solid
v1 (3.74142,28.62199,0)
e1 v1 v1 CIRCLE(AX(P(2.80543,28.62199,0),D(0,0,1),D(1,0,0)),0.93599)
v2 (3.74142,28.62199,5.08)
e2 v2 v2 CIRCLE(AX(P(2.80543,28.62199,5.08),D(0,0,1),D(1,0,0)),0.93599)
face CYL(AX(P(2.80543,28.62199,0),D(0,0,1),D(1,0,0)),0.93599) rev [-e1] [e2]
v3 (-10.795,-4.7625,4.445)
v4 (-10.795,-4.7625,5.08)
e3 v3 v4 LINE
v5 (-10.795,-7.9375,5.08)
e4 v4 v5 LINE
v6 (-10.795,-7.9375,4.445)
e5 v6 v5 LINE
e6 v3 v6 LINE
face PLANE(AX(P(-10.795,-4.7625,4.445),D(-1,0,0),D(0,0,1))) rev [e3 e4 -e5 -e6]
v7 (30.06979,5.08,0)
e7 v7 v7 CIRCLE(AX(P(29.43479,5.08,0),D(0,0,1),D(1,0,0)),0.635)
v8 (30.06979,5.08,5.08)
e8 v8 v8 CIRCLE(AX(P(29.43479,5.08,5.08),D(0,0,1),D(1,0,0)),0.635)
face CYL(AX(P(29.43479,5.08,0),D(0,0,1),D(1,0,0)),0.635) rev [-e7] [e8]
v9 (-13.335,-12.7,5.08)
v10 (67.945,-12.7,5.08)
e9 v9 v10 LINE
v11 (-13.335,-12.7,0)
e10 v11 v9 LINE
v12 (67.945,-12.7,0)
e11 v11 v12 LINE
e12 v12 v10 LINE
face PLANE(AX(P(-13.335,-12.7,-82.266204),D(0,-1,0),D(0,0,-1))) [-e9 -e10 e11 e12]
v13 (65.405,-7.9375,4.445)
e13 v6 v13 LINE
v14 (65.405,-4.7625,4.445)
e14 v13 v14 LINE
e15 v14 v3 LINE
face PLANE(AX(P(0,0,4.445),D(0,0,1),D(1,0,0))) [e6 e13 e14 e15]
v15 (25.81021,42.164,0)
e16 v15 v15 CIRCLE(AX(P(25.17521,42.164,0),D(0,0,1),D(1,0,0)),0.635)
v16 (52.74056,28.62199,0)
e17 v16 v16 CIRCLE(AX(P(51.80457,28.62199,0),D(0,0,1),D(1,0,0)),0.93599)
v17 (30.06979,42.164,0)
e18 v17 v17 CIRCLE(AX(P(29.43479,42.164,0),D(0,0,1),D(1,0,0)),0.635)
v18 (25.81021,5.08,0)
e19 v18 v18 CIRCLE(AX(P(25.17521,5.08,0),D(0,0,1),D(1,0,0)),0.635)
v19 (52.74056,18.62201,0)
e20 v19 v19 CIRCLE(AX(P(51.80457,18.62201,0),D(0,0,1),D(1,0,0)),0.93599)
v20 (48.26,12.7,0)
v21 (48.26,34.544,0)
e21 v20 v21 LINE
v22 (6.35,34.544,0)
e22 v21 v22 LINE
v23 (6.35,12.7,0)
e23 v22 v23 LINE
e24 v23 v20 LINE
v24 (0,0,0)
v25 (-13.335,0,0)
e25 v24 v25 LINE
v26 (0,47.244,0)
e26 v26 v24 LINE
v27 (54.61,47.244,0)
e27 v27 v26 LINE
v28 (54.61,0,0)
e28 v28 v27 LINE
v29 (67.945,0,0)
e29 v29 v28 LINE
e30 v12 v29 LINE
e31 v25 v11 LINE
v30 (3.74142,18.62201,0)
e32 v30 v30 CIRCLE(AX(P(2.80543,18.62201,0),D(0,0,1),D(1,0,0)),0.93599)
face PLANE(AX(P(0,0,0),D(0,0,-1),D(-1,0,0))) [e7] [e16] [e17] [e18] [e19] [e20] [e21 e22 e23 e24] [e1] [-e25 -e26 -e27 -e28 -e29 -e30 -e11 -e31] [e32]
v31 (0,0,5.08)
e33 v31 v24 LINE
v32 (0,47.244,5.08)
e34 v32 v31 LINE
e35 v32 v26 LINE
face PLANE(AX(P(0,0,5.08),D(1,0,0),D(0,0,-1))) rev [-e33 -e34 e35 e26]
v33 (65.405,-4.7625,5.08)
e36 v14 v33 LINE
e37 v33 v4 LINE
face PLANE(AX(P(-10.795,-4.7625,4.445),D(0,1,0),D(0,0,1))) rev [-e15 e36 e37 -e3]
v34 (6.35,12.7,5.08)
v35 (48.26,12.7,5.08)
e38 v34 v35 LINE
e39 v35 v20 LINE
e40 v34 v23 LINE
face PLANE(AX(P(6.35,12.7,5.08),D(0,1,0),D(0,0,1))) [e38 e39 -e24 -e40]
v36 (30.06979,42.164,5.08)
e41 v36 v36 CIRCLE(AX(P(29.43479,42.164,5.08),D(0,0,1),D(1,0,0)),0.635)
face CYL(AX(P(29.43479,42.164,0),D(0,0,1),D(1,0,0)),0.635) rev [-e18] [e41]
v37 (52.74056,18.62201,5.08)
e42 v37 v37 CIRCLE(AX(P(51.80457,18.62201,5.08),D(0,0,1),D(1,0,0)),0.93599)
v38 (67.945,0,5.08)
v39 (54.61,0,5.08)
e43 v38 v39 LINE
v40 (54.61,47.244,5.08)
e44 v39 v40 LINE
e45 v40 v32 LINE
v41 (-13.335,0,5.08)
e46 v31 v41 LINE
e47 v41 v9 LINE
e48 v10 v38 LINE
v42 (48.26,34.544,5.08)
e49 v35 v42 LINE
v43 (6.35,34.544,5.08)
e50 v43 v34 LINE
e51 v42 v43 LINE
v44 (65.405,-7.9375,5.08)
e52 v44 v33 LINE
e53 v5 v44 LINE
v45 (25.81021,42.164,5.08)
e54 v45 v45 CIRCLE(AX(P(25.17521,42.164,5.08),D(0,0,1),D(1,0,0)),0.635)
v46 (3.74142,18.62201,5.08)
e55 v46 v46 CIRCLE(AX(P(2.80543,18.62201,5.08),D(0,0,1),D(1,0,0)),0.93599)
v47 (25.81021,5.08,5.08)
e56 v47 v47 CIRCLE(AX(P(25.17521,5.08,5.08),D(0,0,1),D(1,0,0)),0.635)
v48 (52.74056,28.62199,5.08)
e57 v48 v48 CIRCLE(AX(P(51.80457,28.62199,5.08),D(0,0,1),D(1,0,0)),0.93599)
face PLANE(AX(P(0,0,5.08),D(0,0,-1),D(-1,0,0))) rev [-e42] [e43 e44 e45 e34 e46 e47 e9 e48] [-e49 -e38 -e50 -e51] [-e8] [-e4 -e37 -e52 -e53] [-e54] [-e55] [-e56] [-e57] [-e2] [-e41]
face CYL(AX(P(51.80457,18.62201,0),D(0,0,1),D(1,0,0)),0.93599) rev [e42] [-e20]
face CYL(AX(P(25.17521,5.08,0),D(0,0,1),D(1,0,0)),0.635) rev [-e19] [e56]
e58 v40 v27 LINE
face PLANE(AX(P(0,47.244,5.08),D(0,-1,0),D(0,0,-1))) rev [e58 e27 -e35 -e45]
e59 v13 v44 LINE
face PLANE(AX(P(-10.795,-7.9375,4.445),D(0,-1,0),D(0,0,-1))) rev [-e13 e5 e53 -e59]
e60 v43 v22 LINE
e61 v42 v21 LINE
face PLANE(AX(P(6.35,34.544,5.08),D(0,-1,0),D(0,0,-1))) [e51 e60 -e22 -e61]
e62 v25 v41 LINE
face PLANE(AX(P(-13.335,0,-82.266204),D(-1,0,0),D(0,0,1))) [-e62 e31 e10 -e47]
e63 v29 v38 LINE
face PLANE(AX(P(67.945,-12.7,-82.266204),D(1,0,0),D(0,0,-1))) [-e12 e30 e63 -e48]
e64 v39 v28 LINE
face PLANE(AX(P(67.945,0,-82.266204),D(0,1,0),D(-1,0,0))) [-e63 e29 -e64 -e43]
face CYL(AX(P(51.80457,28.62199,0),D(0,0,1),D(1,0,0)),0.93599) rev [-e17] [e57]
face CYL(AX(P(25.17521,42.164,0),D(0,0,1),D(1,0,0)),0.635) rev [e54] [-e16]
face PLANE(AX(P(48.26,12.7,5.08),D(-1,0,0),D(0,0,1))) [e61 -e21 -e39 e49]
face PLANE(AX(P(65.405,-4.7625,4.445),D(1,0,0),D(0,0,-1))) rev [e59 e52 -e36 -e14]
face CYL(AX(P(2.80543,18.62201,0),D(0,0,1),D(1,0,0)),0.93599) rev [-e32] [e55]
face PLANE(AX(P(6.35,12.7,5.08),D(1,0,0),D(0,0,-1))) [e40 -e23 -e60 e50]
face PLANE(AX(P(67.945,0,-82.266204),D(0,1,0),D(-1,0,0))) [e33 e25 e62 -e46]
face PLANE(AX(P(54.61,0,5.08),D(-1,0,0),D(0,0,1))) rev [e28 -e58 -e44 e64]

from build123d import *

# Parameters (mm, degrees)
SKETCH1_W           = 54.61
SKETCH1_H           = 47.244
SKETCH1_W_2         = 41.91
SKETCH1_H_2         = 21.844
BOSS_EXTRUDE1_DEPTH = 5.08
SKETCH2_R           = 0.93599
SKETCH2_R_2         = 0.635
CUT_EXTRUDE1_DEPTH  = 73.388217522
BOSS_EXTRUDE3_DEPTH = 5.08
SKETCH9_W           = 76.2
SKETCH9_H           = 3.175
CUT_EXTRUDE2_DEPTH  = 0.635


with BuildPart() as part:
    # Sketch1 → Boss-Extrude1 (new body)
    with BuildSketch(Plane.XY):
        with Locations((27.305, 23.622)):
            Rectangle(SKETCH1_W, SKETCH1_H)
        with Locations((27.305, 23.622)):
            Rectangle(SKETCH1_W_2, SKETCH1_H_2, mode=Mode.SUBTRACT)
    extrude(amount=BOSS_EXTRUDE1_DEPTH)

    # Sketch2 → Cut-Extrude1 (cut, through all)
    with BuildSketch(Plane.XY.offset(5.08)):
        with Locations((2.80543, 28.62199)):
            Circle(SKETCH2_R)
        with Locations((2.80543, 18.62201)):
            Circle(SKETCH2_R)
        with Locations((51.80457, 28.62199)):
            Circle(SKETCH2_R)
        with Locations((51.80457, 18.62201)):
            Circle(SKETCH2_R)
        with Locations((25.17521, 5.08)):
            Circle(SKETCH2_R_2)
        with Locations((29.43479, 5.08)):
            Circle(SKETCH2_R_2)
        with Locations((29.43479, 42.164)):
            Circle(SKETCH2_R_2)
        with Locations((25.17521, 42.164)):
            Circle(SKETCH2_R_2)
    extrude(amount=-CUT_EXTRUDE1_DEPTH, mode=Mode.SUBTRACT)

    # Sketch8 → Boss-Extrude3 (add)
    with BuildSketch(Plane.XY.offset(5.08)):
        Polygon((0, 0), (-13.335, 0), (-13.335, -12.7), (67.945, -12.7), (67.945, 0), (54.61, 0), align=None)
    extrude(amount=-BOSS_EXTRUDE3_DEPTH)

    # Sketch9 → Cut-Extrude2 (cut)
    with BuildSketch(Plane.XY.offset(5.08)):
        with Locations((27.305, -6.35)):
            Rectangle(SKETCH9_W, SKETCH9_H)
    extrude(amount=-CUT_EXTRUDE2_DEPTH, mode=Mode.SUBTRACT)


solid = part.part
